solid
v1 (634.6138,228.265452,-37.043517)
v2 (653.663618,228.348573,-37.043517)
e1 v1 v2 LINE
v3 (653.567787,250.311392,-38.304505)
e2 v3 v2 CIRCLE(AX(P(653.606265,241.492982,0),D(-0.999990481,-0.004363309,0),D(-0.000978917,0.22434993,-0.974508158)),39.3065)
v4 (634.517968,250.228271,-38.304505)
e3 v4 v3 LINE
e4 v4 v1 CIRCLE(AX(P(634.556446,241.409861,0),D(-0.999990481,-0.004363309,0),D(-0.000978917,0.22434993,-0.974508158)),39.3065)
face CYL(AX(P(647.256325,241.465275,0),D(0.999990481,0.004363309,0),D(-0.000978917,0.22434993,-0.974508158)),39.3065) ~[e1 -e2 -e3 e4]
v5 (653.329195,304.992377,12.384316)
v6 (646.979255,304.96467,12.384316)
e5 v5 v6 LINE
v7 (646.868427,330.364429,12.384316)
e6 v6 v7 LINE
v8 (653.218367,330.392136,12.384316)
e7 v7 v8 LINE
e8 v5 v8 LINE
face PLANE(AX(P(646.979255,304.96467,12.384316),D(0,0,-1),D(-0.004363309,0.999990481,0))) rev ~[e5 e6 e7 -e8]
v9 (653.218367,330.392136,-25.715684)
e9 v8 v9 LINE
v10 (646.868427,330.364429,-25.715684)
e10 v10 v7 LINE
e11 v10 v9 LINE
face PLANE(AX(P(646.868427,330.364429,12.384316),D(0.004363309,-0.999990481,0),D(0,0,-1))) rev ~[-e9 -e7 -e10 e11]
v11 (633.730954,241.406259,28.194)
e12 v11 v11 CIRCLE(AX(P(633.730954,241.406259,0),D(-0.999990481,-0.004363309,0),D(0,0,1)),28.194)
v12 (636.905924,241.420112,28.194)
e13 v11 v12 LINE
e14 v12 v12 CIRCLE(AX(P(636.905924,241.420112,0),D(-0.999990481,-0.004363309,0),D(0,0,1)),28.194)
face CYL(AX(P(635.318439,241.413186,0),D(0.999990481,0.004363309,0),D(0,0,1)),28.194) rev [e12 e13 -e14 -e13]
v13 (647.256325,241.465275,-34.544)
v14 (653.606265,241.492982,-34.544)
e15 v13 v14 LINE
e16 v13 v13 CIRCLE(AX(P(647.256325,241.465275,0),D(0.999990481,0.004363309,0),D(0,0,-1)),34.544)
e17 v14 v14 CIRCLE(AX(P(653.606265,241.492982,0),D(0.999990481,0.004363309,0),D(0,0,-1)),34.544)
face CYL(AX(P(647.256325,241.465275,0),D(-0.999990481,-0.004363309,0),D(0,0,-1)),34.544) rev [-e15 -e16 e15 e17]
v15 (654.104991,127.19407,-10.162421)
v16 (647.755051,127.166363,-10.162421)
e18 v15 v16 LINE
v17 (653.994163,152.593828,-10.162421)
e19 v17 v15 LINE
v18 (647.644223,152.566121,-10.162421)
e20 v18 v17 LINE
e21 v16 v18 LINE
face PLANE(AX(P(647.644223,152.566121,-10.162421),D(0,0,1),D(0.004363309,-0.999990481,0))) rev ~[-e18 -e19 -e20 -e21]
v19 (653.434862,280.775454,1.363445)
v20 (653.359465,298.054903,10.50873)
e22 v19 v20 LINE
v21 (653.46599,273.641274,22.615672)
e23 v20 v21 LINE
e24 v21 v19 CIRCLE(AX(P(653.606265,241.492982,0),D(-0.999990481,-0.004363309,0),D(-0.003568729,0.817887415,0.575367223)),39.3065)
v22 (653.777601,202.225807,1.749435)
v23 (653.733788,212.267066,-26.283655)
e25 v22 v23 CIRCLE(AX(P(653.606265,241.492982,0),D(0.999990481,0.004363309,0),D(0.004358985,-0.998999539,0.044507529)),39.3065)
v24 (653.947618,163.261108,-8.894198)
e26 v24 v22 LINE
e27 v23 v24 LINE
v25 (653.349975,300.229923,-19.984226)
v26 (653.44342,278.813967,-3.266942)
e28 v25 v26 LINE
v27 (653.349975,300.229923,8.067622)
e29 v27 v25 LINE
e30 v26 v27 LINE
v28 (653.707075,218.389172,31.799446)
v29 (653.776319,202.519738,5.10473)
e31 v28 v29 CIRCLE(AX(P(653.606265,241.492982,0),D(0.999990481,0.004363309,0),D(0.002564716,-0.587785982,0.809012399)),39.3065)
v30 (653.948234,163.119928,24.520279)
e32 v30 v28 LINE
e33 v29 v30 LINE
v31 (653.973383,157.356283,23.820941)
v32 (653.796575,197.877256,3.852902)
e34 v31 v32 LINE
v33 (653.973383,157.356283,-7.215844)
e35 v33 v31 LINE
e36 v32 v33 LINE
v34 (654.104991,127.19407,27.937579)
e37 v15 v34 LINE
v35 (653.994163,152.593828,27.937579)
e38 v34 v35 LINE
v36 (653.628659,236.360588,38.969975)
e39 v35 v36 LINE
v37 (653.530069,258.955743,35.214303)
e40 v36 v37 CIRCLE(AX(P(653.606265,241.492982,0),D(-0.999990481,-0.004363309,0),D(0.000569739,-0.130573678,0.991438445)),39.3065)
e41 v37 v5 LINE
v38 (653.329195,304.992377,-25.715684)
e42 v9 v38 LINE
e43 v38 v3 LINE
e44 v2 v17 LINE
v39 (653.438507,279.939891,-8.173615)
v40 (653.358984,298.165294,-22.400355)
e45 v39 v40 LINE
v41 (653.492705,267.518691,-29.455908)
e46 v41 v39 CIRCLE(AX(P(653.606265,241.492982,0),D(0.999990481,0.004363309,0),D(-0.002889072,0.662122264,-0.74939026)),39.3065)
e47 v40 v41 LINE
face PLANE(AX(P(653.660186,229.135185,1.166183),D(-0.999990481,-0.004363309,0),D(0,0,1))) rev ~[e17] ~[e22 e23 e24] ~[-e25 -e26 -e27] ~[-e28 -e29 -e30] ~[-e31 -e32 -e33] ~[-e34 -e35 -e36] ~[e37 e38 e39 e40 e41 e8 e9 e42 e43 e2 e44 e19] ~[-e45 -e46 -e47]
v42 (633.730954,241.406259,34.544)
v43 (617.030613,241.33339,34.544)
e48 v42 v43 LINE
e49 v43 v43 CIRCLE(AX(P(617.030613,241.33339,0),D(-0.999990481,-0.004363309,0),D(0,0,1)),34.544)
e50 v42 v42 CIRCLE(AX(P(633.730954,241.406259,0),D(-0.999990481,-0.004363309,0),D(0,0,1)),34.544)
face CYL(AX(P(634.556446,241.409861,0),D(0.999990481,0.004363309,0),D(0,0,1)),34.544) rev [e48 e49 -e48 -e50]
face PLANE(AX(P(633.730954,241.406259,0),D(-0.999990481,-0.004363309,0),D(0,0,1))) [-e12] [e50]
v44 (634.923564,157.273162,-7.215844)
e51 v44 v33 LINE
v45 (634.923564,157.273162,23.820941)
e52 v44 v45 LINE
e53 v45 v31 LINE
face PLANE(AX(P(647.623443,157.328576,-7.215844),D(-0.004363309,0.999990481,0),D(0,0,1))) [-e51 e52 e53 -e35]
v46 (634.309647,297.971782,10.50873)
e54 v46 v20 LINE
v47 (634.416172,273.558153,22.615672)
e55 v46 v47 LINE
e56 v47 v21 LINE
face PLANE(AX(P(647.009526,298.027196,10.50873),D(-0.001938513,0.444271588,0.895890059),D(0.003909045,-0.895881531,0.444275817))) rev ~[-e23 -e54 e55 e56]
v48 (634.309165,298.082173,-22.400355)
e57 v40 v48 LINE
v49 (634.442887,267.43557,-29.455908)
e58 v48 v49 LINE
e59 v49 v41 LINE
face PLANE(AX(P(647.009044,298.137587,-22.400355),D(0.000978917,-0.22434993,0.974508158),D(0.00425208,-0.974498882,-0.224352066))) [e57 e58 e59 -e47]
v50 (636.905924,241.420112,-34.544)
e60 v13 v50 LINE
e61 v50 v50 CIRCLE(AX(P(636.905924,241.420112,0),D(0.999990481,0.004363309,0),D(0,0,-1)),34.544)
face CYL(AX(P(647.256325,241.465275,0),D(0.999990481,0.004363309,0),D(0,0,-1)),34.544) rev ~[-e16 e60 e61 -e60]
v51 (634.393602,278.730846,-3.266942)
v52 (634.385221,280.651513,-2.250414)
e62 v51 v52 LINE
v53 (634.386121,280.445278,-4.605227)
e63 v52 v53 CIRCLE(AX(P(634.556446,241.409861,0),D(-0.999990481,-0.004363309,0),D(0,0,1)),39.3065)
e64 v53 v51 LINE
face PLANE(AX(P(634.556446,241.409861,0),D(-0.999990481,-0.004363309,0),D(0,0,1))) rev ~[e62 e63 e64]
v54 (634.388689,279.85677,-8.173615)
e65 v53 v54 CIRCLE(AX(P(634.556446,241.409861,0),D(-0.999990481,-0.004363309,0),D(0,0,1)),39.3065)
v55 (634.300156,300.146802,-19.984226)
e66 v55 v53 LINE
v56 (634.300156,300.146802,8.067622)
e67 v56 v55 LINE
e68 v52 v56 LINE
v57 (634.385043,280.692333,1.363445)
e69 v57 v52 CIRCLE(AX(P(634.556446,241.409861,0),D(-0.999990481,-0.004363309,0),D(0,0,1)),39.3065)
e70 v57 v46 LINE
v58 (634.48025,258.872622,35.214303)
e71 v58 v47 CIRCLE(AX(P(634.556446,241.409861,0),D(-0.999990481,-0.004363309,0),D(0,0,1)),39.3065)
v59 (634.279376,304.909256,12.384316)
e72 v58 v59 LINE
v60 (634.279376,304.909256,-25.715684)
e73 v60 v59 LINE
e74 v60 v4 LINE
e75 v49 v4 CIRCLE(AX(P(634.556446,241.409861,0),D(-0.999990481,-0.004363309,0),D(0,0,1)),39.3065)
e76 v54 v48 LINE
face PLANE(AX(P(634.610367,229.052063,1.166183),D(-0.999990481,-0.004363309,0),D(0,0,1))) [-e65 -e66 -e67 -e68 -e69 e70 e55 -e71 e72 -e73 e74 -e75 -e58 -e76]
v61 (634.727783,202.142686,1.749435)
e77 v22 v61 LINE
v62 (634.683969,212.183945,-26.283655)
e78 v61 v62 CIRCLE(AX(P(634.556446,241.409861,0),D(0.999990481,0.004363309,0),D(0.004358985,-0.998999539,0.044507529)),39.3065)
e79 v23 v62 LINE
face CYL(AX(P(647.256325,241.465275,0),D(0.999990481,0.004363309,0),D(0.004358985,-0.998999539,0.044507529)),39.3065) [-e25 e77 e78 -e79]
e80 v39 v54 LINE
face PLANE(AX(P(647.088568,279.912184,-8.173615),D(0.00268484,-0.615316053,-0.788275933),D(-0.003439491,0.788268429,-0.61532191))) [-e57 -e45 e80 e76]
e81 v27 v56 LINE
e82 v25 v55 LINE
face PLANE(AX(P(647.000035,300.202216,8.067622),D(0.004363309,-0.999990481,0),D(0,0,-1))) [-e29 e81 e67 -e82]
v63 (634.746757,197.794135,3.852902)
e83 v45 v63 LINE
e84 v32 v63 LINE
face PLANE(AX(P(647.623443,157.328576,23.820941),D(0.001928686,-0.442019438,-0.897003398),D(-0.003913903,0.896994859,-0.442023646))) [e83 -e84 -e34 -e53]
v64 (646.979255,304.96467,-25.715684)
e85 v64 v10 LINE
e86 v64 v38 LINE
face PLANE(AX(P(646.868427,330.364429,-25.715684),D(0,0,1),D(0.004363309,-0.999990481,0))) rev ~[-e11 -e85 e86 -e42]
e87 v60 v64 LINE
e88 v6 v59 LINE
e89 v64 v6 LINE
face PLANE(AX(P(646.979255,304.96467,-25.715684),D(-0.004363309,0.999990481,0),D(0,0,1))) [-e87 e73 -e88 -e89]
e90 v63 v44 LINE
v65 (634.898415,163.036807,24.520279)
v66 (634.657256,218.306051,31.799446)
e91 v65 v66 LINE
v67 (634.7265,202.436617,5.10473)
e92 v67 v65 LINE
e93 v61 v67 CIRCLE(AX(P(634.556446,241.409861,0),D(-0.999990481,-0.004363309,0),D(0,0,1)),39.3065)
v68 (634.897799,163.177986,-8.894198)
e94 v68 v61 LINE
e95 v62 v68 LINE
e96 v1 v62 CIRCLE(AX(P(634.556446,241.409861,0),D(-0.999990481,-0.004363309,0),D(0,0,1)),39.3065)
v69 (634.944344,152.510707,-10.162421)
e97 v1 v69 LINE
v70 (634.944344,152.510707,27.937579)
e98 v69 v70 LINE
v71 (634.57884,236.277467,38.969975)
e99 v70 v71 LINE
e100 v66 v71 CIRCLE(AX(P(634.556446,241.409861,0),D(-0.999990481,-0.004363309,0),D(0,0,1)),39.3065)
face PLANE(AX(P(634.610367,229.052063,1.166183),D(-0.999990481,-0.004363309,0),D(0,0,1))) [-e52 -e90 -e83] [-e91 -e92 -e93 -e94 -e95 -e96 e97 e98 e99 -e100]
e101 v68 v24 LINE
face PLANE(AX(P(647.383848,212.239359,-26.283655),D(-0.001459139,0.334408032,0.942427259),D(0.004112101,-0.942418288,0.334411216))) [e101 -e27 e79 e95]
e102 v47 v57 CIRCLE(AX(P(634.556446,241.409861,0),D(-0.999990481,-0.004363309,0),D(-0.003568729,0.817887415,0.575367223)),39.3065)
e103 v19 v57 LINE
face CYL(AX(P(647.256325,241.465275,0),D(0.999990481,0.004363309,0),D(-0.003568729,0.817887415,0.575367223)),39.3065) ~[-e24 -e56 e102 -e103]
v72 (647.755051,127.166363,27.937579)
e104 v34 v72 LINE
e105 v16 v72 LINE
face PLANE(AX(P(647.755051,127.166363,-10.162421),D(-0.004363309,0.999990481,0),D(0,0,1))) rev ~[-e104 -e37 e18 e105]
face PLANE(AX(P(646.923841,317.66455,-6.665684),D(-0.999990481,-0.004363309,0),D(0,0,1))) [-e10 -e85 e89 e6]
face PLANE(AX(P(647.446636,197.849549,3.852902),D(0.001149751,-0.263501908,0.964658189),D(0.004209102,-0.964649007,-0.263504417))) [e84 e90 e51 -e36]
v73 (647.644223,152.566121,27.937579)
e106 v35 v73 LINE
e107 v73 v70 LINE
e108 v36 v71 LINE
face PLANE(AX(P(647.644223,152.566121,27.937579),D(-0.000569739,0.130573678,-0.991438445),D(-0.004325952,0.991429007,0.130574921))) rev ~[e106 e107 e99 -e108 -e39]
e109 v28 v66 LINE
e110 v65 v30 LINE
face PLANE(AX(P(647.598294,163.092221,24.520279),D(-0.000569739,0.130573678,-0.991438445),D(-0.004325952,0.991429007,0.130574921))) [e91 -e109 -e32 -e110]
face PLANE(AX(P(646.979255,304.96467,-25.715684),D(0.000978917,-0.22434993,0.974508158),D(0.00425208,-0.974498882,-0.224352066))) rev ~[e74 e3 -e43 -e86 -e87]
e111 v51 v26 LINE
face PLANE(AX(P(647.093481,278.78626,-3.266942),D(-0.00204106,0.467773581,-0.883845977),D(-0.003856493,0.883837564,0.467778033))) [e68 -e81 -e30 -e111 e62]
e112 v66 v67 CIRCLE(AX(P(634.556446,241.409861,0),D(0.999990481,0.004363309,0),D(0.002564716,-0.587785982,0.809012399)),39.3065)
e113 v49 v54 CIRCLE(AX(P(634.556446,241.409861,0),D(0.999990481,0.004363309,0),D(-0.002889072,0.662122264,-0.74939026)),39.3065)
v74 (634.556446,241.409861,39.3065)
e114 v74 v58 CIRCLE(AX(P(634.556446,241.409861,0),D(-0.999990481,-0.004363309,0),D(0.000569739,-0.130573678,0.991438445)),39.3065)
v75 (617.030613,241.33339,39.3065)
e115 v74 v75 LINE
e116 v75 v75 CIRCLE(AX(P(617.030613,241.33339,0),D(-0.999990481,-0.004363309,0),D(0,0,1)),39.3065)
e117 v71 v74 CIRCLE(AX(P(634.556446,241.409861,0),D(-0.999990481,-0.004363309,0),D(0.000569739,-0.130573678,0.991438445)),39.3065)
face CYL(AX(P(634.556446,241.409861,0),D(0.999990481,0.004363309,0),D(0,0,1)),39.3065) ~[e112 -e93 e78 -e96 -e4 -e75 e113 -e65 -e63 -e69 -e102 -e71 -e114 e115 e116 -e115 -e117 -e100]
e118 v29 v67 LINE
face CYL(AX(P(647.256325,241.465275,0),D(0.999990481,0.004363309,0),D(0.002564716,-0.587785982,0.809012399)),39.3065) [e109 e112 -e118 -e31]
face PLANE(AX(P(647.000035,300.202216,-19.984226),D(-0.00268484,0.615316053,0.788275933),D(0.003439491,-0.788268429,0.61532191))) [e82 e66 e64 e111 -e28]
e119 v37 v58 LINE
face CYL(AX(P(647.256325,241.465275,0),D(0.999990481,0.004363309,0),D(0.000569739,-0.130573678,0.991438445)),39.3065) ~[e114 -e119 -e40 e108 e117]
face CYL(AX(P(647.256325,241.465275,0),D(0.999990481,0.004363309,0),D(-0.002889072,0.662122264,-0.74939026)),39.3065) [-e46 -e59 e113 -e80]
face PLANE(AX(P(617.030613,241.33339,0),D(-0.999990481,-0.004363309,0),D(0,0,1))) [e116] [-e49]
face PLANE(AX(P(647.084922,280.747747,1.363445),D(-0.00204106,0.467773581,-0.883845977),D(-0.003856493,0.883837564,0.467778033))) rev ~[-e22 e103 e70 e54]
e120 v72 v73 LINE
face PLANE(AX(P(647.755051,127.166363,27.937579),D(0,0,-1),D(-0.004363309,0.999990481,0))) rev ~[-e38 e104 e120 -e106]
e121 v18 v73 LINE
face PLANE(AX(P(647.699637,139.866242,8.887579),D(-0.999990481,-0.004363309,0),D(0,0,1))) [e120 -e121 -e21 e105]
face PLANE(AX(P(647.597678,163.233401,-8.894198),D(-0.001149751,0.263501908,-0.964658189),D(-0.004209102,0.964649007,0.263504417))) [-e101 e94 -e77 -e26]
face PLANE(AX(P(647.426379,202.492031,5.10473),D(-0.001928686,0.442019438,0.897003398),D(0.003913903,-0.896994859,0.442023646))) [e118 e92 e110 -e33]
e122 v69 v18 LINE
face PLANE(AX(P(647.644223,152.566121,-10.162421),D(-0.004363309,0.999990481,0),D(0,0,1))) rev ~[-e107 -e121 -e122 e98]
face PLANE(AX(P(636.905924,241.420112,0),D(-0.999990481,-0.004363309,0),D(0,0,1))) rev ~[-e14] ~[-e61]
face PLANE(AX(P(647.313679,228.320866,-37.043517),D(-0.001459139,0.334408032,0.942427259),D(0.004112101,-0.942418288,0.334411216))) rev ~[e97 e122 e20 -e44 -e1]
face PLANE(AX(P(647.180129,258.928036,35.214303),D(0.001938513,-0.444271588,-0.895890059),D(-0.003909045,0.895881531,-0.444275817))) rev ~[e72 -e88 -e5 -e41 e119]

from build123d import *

# Parameters (mm, degrees)
SKETCH1_R                = 34.544
BOSS_EXTRUDE1_DEPTH      = 6.35
BOSS_EXTRUDE1_DEPTH_BACK = 12.7
CUT_EXTRUDE1_START       = -12.7
SKETCH2_W                = 38.1
SKETCH2_H                = 25.4
CUT_EXTRUDE1_DEPTH       = 12.7
SKETCH3_R                = 39.3065
SKETCH3_R_2              = 34.544
BOSS_EXTRUDE2_DEPTH      = 17.526
SKETCH4_R                = 34.544
SKETCH4_R_2              = 28.194
BOSS_EXTRUDE3_DEPTH      = 1.5875


with BuildPart() as part:
    # Sketch1 → Boss-Extrude1 (new body, two sides)
    with BuildSketch(Plane(origin=(648.29757997, 2.828749778, 0), x_dir=(0, 0, -1), z_dir=(0.999990481, 0.004363309, 0))) as boss_extrude1_sk:
        with BuildLine():
            Line((10.162421384, 149.738796817), (10.162421384, 124.338796817))
            Line((10.162421384, 124.338796817), (-27.937578616, 124.338796817))
            Line((-27.937578616, 124.338796817), (-27.937578616, 149.738796817))
            Line((-27.937578616, 149.738796817), (-38.969975232, 233.506353672))
            ThreePointArc((-38.969975232, 233.506353672), (-38.774533686, 245.083676928), (-35.214302621, 256.101724211))
            Line((-35.214302621, 256.101724211), (-12.384316038, 302.138796817))
            Line((-12.384316038, 302.138796817), (-12.384316038, 327.538796817))
            Line((-12.384316038, 327.538796817), (25.715683962, 327.538796817))
            Line((25.715683962, 327.538796817), (25.715683962, 302.138796817))
            Line((25.715683962, 302.138796817), (38.304504923, 247.457291294))
            ThreePointArc((38.304504923, 247.457291294), (39.241875136, 236.385759301), (37.043517063, 225.49426237))
            Line((37.043517063, 225.49426237), (10.162421384, 149.738796817))
        make_face()
        with Locations((0, 238.638796817)):
            Circle(SKETCH1_R, mode=Mode.SUBTRACT)
        with BuildLine():
            Line((22.400354986, 295.311648337), (29.455908243, 264.664753318))
            ThreePointArc((29.455908243, 264.664753318), (19.813317438, 272.586306215), (8.173615245, 277.086071832))
            Line((8.173615245, 277.086071832), (22.400354986, 295.311648337))
        make_face(mode=Mode.SUBTRACT)
        with BuildLine():
            Line((-1.363444644, 277.921642449), (-10.508730274, 295.201256573))
            Line((-10.508730274, 295.201256573), (-22.615671737, 270.787394518))
            ThreePointArc((-22.615671737, 270.787394518), (-12.508951954, 275.901741725), (-1.363444644, 277.921642449))
        make_face(mode=Mode.SUBTRACT)
        Polygon((19.984225718, 297.376296817), (3.266942404, 275.960137419), (-8.067621746, 297.376296817), align=None, mode=Mode.SUBTRACT)
        with BuildLine():
            Line((26.283654933, 209.412602647), (8.894198101, 160.406177697))
            Line((8.894198101, 160.406177697), (-1.749435192, 199.371247635))
            ThreePointArc((-1.749435192, 199.371247635), (13.254779787, 201.63458415), (26.283654933, 209.412602647))
        make_face(mode=Mode.SUBTRACT)
        with BuildLine():
            Line((-5.104730105, 199.665181732), (-24.520278978, 160.264997004))
            Line((-24.520278978, 160.264997004), (-31.799445858, 215.534767182))
            ThreePointArc((-31.799445858, 215.534767182), (-20.085828001, 204.851810331), (-5.104730105, 199.665181732))
        make_face(mode=Mode.SUBTRACT)
        Polygon((-3.852902363, 195.022655751), (7.215844228, 154.501296817), (-23.820941352, 154.501296817), align=None, mode=Mode.SUBTRACT)
    extrude(amount=BOSS_EXTRUDE1_DEPTH)
    extrude(boss_extrude1_sk.sketch, amount=-BOSS_EXTRUDE1_DEPTH_BACK)

    # Sketch2 → Cut-Extrude1 (cut)
    with BuildSketch(Plane(origin=(635.597700865, 2.77333575, 0), x_dir=(0, 0, 1), z_dir=(-0.999990481, -0.004363309, 0)).offset(CUT_EXTRUDE1_START)):
        with Locations((-6.665683962, 314.838796817)):
            Rectangle(SKETCH2_W, SKETCH2_H)
        with Locations((8.887578616, 137.038796817)):
            Rectangle(SKETCH2_W, SKETCH2_H)
    extrude(amount=CUT_EXTRUDE1_DEPTH, mode=Mode.SUBTRACT)

    # Sketch3 → Boss-Extrude2 (add)
    with BuildSketch(Plane(origin=(635.597700865, 2.77333575, 0), x_dir=(0, 0, 1), z_dir=(-0.999990481, -0.004363309, 0))):
        with Locations((0, 238.638796817)):
            Circle(SKETCH3_R)
        with Locations((0, 238.638796817)):
            Circle(SKETCH3_R_2, mode=Mode.SUBTRACT)
    extrude(amount=BOSS_EXTRUDE2_DEPTH)

    # Sketch4 → Boss-Extrude3 (add, symmetric)
    with BuildSketch(Plane(origin=(636.359693611, 2.776660591, 0), x_dir=(0, 0, 1), z_dir=(-0.999990481, -0.004363309, 0))):
        with Locations((0, 238.638796817)):
            Circle(SKETCH4_R)
        with Locations((0, 238.638796817)):
            Circle(SKETCH4_R_2, mode=Mode.SUBTRACT)
    extrude(amount=BOSS_EXTRUDE3_DEPTH, both=True)


solid = part.part
